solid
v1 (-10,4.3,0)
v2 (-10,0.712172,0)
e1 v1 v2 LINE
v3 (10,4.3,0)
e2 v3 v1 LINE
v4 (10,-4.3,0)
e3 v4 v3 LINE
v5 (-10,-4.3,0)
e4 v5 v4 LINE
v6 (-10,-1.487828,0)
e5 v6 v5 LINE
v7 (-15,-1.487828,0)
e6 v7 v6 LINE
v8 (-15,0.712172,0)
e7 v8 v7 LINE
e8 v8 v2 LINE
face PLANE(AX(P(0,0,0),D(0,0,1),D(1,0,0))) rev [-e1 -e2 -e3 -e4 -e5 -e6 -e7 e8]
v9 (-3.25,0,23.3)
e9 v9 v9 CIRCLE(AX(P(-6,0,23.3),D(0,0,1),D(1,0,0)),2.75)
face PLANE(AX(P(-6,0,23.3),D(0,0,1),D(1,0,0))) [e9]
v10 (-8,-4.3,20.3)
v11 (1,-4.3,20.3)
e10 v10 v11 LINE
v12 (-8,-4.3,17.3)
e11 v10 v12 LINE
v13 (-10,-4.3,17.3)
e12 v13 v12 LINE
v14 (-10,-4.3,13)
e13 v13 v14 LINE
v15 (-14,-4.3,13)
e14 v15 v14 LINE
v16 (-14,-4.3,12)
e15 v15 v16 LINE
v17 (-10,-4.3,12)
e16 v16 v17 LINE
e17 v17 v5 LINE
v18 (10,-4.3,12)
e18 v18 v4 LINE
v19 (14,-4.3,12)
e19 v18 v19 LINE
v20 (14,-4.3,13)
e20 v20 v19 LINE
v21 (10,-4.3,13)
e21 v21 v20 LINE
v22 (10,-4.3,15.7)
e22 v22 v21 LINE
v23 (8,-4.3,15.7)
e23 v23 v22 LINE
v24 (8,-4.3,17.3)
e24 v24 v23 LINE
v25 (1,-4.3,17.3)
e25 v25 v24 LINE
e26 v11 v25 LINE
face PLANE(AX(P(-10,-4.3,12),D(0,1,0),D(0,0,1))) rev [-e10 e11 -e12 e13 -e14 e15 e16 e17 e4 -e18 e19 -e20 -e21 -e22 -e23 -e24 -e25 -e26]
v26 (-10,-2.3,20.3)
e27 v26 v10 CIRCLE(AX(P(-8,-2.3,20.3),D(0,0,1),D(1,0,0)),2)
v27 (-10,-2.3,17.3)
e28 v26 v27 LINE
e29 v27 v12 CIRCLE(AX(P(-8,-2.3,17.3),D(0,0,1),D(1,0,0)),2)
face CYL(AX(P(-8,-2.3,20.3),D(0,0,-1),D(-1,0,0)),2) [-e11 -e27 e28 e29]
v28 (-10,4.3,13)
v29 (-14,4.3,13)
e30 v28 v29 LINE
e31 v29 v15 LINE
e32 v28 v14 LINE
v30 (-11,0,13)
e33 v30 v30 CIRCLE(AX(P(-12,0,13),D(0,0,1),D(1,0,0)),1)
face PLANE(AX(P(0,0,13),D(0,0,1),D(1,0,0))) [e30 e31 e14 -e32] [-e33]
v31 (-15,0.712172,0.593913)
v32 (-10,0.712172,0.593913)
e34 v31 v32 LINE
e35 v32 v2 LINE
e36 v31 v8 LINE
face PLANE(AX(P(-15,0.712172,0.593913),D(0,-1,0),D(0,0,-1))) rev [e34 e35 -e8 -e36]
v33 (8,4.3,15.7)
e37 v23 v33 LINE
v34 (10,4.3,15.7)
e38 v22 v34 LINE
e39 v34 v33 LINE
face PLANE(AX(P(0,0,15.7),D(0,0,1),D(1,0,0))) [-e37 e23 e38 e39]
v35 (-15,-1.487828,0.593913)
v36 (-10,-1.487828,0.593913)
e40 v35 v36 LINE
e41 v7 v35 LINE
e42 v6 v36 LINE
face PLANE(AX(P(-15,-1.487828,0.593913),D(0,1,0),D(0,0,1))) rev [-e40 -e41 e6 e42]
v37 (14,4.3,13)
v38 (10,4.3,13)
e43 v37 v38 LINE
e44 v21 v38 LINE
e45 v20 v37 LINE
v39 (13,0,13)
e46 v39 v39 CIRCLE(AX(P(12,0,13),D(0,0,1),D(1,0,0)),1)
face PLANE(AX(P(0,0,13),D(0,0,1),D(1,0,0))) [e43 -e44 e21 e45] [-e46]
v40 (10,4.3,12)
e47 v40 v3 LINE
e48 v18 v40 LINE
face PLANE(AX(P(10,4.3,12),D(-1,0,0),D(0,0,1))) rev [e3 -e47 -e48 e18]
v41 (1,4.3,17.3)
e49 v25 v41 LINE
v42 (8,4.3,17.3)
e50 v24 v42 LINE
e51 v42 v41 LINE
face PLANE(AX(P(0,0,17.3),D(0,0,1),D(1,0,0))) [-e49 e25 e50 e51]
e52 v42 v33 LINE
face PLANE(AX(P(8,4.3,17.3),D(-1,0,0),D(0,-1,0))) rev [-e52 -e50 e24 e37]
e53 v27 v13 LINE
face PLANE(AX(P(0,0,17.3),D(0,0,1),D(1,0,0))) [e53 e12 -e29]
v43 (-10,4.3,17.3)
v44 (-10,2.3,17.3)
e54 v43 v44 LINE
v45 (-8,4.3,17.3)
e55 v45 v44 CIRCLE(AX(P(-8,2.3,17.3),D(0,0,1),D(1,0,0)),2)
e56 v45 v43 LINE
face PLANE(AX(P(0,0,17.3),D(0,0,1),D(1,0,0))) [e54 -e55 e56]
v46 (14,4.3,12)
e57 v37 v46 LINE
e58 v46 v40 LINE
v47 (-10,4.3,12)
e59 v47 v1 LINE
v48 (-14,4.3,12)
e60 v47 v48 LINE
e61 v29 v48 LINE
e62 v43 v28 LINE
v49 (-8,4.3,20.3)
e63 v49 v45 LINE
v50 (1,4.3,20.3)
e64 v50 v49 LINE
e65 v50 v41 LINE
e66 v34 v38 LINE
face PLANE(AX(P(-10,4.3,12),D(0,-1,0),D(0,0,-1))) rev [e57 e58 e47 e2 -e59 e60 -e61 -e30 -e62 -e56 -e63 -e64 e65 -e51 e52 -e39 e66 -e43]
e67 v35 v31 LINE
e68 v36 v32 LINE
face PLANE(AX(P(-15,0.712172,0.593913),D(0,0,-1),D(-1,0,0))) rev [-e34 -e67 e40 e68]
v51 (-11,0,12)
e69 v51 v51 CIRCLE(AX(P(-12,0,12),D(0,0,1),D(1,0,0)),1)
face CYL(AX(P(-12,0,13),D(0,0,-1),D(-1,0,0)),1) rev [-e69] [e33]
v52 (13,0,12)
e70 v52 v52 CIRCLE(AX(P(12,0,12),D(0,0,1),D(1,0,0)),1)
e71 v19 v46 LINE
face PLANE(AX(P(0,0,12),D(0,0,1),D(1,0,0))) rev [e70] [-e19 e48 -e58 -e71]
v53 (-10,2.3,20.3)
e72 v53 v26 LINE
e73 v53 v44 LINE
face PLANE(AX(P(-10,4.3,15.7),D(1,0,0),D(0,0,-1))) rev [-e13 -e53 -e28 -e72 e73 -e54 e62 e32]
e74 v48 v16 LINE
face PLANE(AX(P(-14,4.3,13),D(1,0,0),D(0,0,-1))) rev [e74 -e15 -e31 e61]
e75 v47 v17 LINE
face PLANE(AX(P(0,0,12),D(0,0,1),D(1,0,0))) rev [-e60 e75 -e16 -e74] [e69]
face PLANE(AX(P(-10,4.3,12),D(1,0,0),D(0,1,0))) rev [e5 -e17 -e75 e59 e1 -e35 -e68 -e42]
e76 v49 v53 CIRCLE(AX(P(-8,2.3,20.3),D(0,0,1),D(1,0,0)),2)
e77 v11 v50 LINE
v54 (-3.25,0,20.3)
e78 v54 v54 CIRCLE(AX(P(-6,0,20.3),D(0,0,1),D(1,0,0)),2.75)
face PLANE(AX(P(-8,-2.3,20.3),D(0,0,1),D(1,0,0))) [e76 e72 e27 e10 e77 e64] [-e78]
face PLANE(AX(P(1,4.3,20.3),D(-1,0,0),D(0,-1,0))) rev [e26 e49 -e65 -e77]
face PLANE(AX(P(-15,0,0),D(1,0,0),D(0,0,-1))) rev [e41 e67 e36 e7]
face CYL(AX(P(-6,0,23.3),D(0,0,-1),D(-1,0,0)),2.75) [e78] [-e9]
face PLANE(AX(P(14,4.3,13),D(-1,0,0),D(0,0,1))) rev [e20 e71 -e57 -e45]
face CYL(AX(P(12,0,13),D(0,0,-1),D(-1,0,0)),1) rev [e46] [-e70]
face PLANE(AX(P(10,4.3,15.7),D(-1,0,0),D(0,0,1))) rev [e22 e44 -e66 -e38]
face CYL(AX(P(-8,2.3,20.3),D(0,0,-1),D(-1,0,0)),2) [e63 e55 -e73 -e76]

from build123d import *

# Parameters (mm, degrees)
SKETCH2_W           = 20
SKETCH2_H           = 8.6
BOSS_EXTRUDE1_DEPTH = 12
SKETCH3_W           = 28
SKETCH3_H           = 8.6
SKETCH3_R           = 1
BOSS_EXTRUDE2_DEPTH = 1
SKETCH4_W           = 20
SKETCH4_H           = 8.6
BOSS_EXTRUDE3_DEPTH = 2.7
SKETCH5_W           = 18
SKETCH5_H           = 8.6
BOSS_EXTRUDE4_DEPTH = 1.6
BOSS_EXTRUDE5_DEPTH = 3
SKETCH7_R           = 2.75
BOSS_EXTRUDE6_DEPTH = 3
SKETCH8_W           = 0.593912785
SKETCH8_H           = 2.2
BOSS_EXTRUDE7_DEPTH = 5


with BuildPart() as part:
    # Sketch2 → Boss-Extrude1 (new body)
    with BuildSketch(Plane.XY):
        Rectangle(SKETCH2_W, SKETCH2_H)
    extrude(amount=BOSS_EXTRUDE1_DEPTH)

    # Sketch3 → Boss-Extrude2 (add)
    with BuildSketch(Plane.XY.offset(12)):
        Rectangle(SKETCH3_W, SKETCH3_H)
        with Locations((12, 0)):
            Circle(SKETCH3_R, mode=Mode.SUBTRACT)
        with Locations((-12, 0)):
            Circle(SKETCH3_R, mode=Mode.SUBTRACT)
    extrude(amount=BOSS_EXTRUDE2_DEPTH)

    # Sketch4 → Boss-Extrude3 (add)
    with BuildSketch(Plane.XY.offset(13)):
        Rectangle(SKETCH4_W, SKETCH4_H)
    extrude(amount=BOSS_EXTRUDE3_DEPTH)

    # Sketch5 → Boss-Extrude4 (add)
    with BuildSketch(Plane.XY.offset(15.7)):
        with Locations((-1, 0)):
            Rectangle(SKETCH5_W, SKETCH5_H)
    extrude(amount=BOSS_EXTRUDE4_DEPTH)

    # Sketch6 → Boss-Extrude5 (add)
    with BuildSketch(Plane.XY.offset(17.3)):
        with BuildLine():
            Line((-8, 4.3), (1, 4.3))
            Line((1, 4.3), (1, -4.3))
            Line((1, -4.3), (-8, -4.3))
            ThreePointArc((-8, -4.3), (-9.414213562, -3.714213562), (-10, -2.3))
            Line((-10, -2.3), (-10, 2.3))
            ThreePointArc((-10, 2.3), (-9.414213562, 3.714213562), (-8, 4.3))
        make_face()
    extrude(amount=BOSS_EXTRUDE5_DEPTH)

    # Sketch7 → Boss-Extrude6 (add)
    with BuildSketch(Plane.XY.offset(20.3)):
        with Locations((-6, 0)):
            Circle(SKETCH7_R)
    extrude(amount=BOSS_EXTRUDE6_DEPTH)

    # Sketch8 → Boss-Extrude7 (add)
    with BuildSketch(Plane.ZY.offset(10)):
        with Locations((0.296956392, -0.387828177)):
            Rectangle(SKETCH8_W, SKETCH8_H)
    extrude(amount=BOSS_EXTRUDE7_DEPTH)


solid = part.part
